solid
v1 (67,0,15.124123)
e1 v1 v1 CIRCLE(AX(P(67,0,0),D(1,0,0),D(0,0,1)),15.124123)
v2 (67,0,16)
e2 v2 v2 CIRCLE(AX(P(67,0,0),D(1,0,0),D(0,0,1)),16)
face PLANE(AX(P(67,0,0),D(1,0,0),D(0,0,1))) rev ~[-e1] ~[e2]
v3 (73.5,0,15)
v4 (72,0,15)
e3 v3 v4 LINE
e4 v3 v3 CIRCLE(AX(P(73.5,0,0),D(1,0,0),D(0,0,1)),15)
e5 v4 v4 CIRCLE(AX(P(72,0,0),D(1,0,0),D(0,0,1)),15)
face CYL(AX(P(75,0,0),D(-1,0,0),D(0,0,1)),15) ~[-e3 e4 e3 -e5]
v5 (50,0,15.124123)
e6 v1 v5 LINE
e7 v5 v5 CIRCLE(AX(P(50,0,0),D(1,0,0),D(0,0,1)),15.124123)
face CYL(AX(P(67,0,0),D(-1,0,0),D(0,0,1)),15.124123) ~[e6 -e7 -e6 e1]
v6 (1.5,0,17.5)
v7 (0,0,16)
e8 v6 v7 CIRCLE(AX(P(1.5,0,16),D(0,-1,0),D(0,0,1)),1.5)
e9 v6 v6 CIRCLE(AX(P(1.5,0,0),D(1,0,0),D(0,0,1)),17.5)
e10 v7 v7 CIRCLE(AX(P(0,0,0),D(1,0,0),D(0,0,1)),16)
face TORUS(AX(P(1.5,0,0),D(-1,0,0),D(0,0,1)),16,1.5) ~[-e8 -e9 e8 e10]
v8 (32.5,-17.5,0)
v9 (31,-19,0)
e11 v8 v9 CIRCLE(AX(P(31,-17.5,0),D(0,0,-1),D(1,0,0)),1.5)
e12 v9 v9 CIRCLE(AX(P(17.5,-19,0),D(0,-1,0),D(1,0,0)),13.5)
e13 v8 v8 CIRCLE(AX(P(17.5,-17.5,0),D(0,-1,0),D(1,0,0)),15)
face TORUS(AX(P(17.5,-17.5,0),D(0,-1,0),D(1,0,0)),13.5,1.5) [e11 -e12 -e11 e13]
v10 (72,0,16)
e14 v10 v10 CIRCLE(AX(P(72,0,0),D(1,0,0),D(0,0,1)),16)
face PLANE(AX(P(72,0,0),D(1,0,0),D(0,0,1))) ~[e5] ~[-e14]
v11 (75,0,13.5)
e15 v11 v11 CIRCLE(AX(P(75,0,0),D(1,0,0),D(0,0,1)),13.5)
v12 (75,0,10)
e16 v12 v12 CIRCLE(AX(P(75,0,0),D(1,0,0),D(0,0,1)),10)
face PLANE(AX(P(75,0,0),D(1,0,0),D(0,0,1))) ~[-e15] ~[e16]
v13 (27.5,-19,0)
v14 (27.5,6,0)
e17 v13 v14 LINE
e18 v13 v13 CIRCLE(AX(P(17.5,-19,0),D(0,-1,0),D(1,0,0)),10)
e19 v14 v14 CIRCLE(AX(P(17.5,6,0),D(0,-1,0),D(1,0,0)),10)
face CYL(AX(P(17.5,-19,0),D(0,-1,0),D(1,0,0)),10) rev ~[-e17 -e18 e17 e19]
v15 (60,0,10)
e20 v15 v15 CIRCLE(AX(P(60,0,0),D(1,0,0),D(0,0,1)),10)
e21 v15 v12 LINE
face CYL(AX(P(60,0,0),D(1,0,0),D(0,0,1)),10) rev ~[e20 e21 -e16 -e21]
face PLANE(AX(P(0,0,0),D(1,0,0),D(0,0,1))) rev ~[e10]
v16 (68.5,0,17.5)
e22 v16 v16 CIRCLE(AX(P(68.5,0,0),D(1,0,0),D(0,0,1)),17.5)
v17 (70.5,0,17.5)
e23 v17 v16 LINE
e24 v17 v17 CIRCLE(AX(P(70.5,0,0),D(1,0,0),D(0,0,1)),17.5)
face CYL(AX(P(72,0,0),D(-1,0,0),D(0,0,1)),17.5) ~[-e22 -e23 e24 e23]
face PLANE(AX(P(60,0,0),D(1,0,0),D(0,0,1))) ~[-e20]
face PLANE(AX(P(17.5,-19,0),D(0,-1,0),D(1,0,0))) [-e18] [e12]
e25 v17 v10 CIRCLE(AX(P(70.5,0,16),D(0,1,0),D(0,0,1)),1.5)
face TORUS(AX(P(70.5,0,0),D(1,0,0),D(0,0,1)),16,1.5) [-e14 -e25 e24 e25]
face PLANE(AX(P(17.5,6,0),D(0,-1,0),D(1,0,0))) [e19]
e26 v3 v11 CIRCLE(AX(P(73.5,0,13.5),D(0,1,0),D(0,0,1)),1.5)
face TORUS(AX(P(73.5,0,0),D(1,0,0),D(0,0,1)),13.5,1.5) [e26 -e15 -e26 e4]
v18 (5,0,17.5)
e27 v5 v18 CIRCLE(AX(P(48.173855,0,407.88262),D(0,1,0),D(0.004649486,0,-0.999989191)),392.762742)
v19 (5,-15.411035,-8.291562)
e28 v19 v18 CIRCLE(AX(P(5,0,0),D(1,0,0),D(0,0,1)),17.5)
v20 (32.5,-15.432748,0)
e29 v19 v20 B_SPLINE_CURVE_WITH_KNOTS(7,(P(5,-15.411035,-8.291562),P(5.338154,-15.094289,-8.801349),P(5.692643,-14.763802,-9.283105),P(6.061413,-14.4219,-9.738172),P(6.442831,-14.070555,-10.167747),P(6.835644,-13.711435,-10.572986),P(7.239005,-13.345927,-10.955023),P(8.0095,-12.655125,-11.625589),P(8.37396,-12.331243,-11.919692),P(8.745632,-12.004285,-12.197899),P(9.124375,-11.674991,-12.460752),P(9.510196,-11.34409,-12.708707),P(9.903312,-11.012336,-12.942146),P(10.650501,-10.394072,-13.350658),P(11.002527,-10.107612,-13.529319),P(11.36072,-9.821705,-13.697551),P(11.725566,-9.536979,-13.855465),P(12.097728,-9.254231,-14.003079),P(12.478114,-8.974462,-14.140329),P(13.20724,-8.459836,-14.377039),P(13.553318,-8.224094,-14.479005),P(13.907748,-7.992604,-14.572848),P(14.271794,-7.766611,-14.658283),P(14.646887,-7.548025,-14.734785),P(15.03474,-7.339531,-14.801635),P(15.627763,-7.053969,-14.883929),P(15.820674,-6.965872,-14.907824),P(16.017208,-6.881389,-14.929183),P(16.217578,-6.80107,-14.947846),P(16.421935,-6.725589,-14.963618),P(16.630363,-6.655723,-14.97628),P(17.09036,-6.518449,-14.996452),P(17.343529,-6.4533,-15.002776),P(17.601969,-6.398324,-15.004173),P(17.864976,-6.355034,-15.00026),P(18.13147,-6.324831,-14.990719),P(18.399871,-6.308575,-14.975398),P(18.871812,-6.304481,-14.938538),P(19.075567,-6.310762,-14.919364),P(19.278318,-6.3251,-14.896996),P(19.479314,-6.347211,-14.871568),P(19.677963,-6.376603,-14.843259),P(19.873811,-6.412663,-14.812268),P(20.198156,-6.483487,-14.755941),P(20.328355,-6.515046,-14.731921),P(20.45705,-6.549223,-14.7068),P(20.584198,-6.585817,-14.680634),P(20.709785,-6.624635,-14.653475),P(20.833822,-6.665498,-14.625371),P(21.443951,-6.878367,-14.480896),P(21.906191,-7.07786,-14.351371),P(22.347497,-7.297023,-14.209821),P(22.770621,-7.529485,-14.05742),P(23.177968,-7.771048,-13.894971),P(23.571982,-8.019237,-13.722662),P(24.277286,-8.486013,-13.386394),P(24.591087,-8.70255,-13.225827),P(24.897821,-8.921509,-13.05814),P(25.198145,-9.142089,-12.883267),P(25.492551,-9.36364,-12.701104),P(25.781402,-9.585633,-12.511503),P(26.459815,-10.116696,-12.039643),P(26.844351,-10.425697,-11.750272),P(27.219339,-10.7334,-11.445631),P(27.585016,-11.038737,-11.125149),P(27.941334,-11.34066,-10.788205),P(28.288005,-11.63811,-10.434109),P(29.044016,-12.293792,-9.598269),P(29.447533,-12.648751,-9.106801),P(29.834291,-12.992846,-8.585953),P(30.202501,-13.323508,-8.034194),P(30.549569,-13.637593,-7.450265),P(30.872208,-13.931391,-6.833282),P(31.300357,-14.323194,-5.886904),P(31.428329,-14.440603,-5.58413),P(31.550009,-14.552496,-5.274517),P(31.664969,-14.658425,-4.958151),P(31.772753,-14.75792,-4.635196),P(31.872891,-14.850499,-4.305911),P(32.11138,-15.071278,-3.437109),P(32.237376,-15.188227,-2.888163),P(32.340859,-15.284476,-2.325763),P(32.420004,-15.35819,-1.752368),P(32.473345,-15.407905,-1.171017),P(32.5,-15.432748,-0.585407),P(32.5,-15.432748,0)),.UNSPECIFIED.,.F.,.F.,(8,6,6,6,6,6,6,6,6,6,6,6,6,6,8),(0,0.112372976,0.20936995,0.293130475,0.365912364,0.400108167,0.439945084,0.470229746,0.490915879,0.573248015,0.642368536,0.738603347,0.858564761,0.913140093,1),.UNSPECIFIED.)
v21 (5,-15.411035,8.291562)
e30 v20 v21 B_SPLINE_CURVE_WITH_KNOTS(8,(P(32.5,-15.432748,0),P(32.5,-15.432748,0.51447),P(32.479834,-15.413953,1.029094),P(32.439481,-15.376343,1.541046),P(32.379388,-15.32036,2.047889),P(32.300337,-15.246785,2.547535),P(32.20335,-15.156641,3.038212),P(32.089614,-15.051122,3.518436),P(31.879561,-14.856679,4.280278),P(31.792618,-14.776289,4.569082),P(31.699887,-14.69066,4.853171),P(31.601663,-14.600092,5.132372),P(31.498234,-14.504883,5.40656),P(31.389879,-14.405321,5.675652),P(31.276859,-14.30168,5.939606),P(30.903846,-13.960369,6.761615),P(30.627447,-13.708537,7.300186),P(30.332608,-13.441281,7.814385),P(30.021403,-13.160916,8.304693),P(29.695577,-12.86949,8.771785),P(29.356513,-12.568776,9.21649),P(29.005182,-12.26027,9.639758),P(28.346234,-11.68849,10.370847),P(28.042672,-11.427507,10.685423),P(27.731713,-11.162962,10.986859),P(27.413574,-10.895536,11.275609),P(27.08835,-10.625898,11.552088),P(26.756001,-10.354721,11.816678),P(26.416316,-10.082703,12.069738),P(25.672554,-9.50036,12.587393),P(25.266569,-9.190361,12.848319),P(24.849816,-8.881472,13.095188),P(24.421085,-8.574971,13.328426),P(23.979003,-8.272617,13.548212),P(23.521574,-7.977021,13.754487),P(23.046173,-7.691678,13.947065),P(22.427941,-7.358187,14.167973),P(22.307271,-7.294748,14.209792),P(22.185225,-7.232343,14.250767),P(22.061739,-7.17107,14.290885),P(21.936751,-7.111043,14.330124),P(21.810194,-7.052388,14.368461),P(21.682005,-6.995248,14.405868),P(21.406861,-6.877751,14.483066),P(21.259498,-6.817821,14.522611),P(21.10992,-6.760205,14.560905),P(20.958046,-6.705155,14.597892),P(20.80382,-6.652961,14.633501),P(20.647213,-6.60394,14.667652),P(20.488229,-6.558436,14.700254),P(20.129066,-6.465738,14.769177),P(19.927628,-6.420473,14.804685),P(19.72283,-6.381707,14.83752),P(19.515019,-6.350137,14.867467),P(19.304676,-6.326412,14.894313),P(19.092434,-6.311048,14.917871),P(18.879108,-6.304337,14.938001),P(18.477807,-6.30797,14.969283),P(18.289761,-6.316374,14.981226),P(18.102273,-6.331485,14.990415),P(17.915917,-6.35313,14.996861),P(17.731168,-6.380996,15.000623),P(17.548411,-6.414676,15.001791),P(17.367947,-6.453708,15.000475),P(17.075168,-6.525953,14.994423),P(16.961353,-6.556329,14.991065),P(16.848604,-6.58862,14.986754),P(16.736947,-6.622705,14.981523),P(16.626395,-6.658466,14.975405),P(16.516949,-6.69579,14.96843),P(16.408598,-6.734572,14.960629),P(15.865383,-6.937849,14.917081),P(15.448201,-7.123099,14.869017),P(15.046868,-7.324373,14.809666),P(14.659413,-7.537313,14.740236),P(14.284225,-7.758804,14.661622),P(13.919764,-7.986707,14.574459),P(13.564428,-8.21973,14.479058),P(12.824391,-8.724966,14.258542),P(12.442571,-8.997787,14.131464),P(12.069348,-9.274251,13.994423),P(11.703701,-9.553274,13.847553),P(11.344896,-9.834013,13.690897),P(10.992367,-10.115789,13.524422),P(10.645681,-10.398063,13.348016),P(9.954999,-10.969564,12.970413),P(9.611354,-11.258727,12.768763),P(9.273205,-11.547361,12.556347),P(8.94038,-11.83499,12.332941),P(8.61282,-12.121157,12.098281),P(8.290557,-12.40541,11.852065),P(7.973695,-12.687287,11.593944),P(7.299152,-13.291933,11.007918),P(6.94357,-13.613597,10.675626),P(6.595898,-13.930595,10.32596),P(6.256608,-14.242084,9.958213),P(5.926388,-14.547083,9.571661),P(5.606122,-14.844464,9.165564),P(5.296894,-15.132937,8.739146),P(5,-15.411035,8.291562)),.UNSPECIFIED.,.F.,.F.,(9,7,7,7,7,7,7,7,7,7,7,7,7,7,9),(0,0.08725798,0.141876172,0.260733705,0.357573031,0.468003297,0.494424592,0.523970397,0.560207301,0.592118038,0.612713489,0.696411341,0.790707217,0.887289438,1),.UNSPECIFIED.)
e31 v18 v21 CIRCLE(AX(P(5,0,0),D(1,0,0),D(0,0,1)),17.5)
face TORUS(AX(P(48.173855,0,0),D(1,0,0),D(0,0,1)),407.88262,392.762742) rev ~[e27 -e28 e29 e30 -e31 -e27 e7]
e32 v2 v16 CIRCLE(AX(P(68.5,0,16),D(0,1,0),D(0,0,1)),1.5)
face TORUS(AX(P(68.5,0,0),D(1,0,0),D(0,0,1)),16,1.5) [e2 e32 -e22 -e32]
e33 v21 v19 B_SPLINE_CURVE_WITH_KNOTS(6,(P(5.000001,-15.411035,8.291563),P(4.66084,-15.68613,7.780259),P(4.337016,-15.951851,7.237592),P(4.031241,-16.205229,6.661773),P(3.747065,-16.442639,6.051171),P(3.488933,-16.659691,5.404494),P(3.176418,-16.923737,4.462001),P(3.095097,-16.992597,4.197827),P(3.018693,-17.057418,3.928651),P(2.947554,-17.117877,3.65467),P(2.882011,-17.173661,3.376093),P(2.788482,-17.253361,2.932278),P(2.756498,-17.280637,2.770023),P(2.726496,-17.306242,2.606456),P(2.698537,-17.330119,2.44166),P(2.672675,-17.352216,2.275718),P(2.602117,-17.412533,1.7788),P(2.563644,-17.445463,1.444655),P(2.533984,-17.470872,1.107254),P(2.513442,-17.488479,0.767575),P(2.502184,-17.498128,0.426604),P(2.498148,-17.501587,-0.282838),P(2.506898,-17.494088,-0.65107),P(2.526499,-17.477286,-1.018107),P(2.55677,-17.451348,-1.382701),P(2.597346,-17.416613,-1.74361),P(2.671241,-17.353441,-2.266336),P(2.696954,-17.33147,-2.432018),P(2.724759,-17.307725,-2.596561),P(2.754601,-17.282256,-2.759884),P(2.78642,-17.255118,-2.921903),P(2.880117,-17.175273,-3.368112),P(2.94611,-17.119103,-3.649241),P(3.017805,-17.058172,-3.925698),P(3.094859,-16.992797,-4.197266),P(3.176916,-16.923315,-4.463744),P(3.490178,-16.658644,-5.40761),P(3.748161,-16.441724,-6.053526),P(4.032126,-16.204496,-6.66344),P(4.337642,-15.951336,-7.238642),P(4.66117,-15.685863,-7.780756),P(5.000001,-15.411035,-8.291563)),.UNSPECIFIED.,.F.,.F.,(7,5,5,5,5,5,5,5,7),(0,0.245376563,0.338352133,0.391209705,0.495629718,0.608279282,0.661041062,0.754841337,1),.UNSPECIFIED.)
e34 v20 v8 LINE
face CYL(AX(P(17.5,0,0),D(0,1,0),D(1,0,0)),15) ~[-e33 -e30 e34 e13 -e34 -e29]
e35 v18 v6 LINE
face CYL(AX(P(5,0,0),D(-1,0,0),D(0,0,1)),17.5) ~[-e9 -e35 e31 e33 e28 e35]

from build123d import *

# Parameters (mm, degrees)
F2_R     = 15
F3_DEPTH = 19
F4_R     = 10
F5_DEPTH = 25
F6_R     = 1.5


with BuildPart() as f1:
    # F0 (on Front) → F1 (revolve)
    with BuildSketch(Plane.XZ):
        with BuildLine():
            Line((0, 17.5), (0, 0))
            Line((0, 0), (60, 0))
            Line((60, 0), (60, 10))
            Line((60, 10), (75, 10))
            Line((75, 10), (75, 15))
            Line((75, 15), (72, 15))
            Line((72, 15), (72, 17.5))
            Line((72, 17.5), (67, 17.5))
            Line((67, 17.5), (67, 15.124123))
            Line((67, 15.124123), (50, 15.124123))
            ThreePointArc((50, 15.124123), (27.465898, 15.666159), (5, 17.5))
            Line((5, 17.5), (0, 17.5))
        make_face()
    revolve(axis=Axis((30, 0, 0), (1, 0, 0)))

    # F2 (on Front) → F3 (join)
    with BuildSketch(Plane.XZ):
        with Locations((17.5, 0)):
            Circle(F2_R)
    extrude(amount=F3_DEPTH)

    # F4 (on face) → F5 (cut)
    with BuildSketch(Plane.XZ.offset(19)):
        with Locations((17.5, 0)):
            Circle(F4_R)
    extrude(amount=-F5_DEPTH, mode=Mode.SUBTRACT)

    # F6
    f6_edges = [f1.edges().sort_by_distance(p)[0] for p in [
        (0, 0, -17.5),
        (2.5, -19, 0),
        (67, 0, -17.5),
        (72, 0, -17.5),
        (75, 0, -15),
    ]]
    fillet(f6_edges, radius=F6_R)


solid = f1.part
